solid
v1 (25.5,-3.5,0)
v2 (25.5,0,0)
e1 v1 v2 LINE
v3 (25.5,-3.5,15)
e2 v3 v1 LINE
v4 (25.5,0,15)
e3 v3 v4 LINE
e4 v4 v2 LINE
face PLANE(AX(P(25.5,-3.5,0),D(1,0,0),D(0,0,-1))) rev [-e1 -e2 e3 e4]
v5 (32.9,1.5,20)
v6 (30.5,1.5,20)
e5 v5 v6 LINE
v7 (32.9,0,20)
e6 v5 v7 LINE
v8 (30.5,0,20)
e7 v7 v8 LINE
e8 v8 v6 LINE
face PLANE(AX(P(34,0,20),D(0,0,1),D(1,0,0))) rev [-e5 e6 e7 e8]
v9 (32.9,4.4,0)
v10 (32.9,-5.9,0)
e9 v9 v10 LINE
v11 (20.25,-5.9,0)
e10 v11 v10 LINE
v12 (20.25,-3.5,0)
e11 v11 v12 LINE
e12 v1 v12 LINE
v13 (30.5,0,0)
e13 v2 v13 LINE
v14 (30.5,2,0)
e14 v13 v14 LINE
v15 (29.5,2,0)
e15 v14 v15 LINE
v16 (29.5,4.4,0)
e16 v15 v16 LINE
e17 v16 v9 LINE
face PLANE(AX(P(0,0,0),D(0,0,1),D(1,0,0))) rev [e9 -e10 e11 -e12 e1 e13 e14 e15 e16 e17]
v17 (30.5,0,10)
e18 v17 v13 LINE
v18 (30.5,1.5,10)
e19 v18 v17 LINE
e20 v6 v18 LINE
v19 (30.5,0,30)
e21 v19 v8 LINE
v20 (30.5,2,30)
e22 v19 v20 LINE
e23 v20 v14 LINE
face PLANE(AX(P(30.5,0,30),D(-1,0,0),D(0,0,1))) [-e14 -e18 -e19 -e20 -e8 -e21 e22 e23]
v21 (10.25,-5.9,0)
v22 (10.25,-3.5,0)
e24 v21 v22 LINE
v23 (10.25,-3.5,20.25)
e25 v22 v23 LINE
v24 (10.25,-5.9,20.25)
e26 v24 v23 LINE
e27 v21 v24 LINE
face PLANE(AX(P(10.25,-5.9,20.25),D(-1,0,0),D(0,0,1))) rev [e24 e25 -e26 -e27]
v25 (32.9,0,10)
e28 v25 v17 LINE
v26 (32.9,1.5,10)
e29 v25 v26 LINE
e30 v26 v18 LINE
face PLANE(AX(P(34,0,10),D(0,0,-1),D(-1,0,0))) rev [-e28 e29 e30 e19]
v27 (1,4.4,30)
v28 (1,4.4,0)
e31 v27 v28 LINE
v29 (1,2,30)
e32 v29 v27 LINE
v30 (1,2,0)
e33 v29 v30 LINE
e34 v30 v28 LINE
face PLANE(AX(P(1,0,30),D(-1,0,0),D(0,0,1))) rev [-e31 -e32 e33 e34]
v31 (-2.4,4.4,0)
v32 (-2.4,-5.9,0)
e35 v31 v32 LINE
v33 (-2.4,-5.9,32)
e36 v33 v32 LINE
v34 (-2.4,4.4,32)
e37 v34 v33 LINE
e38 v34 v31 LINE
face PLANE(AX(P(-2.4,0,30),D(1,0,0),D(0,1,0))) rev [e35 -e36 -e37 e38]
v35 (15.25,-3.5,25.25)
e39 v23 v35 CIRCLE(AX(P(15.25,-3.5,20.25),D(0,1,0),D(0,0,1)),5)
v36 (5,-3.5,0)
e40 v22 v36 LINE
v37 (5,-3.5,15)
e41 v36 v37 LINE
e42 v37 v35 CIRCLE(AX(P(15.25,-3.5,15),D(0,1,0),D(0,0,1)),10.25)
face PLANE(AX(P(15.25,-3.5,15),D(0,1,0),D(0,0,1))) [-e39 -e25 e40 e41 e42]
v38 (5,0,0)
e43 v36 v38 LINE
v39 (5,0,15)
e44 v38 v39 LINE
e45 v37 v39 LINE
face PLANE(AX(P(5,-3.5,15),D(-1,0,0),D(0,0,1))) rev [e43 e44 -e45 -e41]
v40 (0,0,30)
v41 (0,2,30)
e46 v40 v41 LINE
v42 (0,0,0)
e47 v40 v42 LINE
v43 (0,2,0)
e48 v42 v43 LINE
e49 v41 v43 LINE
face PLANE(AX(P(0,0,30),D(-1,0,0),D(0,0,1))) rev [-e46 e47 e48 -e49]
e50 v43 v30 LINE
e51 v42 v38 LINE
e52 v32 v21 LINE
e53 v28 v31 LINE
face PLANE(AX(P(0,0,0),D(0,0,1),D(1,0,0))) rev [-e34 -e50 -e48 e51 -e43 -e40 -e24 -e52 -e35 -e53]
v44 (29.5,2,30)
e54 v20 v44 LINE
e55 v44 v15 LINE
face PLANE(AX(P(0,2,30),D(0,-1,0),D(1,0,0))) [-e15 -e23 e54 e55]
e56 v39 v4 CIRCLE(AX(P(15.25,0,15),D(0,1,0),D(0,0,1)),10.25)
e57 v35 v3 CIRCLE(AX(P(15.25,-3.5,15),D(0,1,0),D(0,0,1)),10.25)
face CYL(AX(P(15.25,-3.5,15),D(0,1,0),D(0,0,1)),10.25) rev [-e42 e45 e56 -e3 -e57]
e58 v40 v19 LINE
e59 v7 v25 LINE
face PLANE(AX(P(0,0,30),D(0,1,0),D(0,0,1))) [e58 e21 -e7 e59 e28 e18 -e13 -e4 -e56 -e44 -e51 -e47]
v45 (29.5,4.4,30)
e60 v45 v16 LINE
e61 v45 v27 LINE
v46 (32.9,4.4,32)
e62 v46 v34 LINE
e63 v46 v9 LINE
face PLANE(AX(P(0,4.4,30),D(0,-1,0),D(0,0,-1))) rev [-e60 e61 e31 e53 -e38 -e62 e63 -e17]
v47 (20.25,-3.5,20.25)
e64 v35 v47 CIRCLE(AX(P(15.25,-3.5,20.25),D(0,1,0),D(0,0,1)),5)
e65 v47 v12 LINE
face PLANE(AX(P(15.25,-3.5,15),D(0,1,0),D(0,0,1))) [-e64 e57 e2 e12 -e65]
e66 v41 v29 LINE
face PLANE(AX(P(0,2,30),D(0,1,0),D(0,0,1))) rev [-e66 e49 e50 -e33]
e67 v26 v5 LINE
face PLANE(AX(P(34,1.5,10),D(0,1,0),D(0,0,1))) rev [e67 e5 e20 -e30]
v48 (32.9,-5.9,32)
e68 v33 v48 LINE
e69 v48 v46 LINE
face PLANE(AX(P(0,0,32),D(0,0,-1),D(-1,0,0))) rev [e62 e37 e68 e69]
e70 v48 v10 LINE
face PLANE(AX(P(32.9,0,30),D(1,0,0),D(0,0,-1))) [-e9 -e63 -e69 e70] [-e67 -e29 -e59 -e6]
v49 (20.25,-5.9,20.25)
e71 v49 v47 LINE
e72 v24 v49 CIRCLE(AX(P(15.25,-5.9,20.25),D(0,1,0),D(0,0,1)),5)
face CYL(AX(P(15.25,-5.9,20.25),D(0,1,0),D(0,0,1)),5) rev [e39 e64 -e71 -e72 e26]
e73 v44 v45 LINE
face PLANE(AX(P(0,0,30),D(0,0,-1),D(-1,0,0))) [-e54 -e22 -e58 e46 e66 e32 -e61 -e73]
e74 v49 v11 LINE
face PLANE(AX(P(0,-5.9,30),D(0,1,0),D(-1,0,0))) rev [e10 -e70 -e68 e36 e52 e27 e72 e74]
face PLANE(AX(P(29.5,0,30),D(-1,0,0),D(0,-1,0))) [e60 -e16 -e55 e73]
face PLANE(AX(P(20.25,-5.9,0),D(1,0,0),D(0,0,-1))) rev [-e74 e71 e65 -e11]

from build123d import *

# Parameters (mm, degrees)
SALIENTE_EXTRUIR1_DEPTH = 30
CORTAR_EXTRUIR1_DEPTH   = 3.5
CORTAR_EXTRUIR2_DEPTH   = 46.219685979
CROQUIS4_W              = 10
CROQUIS4_H              = 1.5
CORTAR_EXTRUIR3_DEPTH   = 3.5
CROQUIS5_W              = 35.3
CROQUIS5_H              = 10.3
SALIENTE_EXTRUIR2_DEPTH = 2


with BuildPart() as part:
    # Croquis1 → Saliente-Extruir1 (new body)
    with BuildSketch(Plane.XY):
        Polygon((0, 0), (30.5, 0), (30.5, 2), (29.5, 2), (29.5, 4.4), (32.9, 4.4), (32.9, -5.9), (-2.4, -5.9), (-2.4, 4.4), (1, 4.4), (1, 2), (0, 2), align=None)
    extrude(amount=SALIENTE_EXTRUIR1_DEPTH)

    # Croquis2 → Cortar-Extruir1 (cut)
    with BuildSketch(Plane(origin=(0, 0, 0), x_dir=(1, 0, 0), z_dir=(0, 1, 0))):
        with BuildLine():
            Line((5, -15), (5, 0))
            Line((5, 0), (25.5, 0))
            Line((25.5, 0), (25.5, -15))
            ThreePointArc((25.5, -15), (15.25, -25.25), (5, -15))
        make_face()
    extrude(amount=-CORTAR_EXTRUIR1_DEPTH, mode=Mode.SUBTRACT)

    # Croquis3 → Cortar-Extruir2 (cut, through all)
    with BuildSketch(Plane(origin=(0, -3.5, 0), x_dir=(1, 0, 0), z_dir=(0, 1, 0))):
        with BuildLine():
            Line((10.25, -20.25), (10.25, 0))
            Line((10.25, 0), (20.25, 0))
            Line((20.25, 0), (20.25, -20.25))
            ThreePointArc((20.25, -20.25), (15.25, -25.25), (10.25, -20.25))
        make_face()
    extrude(amount=-CORTAR_EXTRUIR2_DEPTH, mode=Mode.SUBTRACT)

    # Croquis4 → Cortar-Extruir3 (cut)
    with BuildSketch(Plane.ZY.offset(-30.5)):
        with Locations((15, 0.75)):
            Rectangle(CROQUIS4_W, CROQUIS4_H)
    extrude(amount=-CORTAR_EXTRUIR3_DEPTH, mode=Mode.SUBTRACT)

    # Croquis5 → Saliente-Extruir2 (add)
    with BuildSketch(Plane.XY.offset(30)):
        with Locations((15.25, -0.75)):
            Rectangle(CROQUIS5_W, CROQUIS5_H)
    extrude(amount=SALIENTE_EXTRUIR2_DEPTH)


solid = part.part
